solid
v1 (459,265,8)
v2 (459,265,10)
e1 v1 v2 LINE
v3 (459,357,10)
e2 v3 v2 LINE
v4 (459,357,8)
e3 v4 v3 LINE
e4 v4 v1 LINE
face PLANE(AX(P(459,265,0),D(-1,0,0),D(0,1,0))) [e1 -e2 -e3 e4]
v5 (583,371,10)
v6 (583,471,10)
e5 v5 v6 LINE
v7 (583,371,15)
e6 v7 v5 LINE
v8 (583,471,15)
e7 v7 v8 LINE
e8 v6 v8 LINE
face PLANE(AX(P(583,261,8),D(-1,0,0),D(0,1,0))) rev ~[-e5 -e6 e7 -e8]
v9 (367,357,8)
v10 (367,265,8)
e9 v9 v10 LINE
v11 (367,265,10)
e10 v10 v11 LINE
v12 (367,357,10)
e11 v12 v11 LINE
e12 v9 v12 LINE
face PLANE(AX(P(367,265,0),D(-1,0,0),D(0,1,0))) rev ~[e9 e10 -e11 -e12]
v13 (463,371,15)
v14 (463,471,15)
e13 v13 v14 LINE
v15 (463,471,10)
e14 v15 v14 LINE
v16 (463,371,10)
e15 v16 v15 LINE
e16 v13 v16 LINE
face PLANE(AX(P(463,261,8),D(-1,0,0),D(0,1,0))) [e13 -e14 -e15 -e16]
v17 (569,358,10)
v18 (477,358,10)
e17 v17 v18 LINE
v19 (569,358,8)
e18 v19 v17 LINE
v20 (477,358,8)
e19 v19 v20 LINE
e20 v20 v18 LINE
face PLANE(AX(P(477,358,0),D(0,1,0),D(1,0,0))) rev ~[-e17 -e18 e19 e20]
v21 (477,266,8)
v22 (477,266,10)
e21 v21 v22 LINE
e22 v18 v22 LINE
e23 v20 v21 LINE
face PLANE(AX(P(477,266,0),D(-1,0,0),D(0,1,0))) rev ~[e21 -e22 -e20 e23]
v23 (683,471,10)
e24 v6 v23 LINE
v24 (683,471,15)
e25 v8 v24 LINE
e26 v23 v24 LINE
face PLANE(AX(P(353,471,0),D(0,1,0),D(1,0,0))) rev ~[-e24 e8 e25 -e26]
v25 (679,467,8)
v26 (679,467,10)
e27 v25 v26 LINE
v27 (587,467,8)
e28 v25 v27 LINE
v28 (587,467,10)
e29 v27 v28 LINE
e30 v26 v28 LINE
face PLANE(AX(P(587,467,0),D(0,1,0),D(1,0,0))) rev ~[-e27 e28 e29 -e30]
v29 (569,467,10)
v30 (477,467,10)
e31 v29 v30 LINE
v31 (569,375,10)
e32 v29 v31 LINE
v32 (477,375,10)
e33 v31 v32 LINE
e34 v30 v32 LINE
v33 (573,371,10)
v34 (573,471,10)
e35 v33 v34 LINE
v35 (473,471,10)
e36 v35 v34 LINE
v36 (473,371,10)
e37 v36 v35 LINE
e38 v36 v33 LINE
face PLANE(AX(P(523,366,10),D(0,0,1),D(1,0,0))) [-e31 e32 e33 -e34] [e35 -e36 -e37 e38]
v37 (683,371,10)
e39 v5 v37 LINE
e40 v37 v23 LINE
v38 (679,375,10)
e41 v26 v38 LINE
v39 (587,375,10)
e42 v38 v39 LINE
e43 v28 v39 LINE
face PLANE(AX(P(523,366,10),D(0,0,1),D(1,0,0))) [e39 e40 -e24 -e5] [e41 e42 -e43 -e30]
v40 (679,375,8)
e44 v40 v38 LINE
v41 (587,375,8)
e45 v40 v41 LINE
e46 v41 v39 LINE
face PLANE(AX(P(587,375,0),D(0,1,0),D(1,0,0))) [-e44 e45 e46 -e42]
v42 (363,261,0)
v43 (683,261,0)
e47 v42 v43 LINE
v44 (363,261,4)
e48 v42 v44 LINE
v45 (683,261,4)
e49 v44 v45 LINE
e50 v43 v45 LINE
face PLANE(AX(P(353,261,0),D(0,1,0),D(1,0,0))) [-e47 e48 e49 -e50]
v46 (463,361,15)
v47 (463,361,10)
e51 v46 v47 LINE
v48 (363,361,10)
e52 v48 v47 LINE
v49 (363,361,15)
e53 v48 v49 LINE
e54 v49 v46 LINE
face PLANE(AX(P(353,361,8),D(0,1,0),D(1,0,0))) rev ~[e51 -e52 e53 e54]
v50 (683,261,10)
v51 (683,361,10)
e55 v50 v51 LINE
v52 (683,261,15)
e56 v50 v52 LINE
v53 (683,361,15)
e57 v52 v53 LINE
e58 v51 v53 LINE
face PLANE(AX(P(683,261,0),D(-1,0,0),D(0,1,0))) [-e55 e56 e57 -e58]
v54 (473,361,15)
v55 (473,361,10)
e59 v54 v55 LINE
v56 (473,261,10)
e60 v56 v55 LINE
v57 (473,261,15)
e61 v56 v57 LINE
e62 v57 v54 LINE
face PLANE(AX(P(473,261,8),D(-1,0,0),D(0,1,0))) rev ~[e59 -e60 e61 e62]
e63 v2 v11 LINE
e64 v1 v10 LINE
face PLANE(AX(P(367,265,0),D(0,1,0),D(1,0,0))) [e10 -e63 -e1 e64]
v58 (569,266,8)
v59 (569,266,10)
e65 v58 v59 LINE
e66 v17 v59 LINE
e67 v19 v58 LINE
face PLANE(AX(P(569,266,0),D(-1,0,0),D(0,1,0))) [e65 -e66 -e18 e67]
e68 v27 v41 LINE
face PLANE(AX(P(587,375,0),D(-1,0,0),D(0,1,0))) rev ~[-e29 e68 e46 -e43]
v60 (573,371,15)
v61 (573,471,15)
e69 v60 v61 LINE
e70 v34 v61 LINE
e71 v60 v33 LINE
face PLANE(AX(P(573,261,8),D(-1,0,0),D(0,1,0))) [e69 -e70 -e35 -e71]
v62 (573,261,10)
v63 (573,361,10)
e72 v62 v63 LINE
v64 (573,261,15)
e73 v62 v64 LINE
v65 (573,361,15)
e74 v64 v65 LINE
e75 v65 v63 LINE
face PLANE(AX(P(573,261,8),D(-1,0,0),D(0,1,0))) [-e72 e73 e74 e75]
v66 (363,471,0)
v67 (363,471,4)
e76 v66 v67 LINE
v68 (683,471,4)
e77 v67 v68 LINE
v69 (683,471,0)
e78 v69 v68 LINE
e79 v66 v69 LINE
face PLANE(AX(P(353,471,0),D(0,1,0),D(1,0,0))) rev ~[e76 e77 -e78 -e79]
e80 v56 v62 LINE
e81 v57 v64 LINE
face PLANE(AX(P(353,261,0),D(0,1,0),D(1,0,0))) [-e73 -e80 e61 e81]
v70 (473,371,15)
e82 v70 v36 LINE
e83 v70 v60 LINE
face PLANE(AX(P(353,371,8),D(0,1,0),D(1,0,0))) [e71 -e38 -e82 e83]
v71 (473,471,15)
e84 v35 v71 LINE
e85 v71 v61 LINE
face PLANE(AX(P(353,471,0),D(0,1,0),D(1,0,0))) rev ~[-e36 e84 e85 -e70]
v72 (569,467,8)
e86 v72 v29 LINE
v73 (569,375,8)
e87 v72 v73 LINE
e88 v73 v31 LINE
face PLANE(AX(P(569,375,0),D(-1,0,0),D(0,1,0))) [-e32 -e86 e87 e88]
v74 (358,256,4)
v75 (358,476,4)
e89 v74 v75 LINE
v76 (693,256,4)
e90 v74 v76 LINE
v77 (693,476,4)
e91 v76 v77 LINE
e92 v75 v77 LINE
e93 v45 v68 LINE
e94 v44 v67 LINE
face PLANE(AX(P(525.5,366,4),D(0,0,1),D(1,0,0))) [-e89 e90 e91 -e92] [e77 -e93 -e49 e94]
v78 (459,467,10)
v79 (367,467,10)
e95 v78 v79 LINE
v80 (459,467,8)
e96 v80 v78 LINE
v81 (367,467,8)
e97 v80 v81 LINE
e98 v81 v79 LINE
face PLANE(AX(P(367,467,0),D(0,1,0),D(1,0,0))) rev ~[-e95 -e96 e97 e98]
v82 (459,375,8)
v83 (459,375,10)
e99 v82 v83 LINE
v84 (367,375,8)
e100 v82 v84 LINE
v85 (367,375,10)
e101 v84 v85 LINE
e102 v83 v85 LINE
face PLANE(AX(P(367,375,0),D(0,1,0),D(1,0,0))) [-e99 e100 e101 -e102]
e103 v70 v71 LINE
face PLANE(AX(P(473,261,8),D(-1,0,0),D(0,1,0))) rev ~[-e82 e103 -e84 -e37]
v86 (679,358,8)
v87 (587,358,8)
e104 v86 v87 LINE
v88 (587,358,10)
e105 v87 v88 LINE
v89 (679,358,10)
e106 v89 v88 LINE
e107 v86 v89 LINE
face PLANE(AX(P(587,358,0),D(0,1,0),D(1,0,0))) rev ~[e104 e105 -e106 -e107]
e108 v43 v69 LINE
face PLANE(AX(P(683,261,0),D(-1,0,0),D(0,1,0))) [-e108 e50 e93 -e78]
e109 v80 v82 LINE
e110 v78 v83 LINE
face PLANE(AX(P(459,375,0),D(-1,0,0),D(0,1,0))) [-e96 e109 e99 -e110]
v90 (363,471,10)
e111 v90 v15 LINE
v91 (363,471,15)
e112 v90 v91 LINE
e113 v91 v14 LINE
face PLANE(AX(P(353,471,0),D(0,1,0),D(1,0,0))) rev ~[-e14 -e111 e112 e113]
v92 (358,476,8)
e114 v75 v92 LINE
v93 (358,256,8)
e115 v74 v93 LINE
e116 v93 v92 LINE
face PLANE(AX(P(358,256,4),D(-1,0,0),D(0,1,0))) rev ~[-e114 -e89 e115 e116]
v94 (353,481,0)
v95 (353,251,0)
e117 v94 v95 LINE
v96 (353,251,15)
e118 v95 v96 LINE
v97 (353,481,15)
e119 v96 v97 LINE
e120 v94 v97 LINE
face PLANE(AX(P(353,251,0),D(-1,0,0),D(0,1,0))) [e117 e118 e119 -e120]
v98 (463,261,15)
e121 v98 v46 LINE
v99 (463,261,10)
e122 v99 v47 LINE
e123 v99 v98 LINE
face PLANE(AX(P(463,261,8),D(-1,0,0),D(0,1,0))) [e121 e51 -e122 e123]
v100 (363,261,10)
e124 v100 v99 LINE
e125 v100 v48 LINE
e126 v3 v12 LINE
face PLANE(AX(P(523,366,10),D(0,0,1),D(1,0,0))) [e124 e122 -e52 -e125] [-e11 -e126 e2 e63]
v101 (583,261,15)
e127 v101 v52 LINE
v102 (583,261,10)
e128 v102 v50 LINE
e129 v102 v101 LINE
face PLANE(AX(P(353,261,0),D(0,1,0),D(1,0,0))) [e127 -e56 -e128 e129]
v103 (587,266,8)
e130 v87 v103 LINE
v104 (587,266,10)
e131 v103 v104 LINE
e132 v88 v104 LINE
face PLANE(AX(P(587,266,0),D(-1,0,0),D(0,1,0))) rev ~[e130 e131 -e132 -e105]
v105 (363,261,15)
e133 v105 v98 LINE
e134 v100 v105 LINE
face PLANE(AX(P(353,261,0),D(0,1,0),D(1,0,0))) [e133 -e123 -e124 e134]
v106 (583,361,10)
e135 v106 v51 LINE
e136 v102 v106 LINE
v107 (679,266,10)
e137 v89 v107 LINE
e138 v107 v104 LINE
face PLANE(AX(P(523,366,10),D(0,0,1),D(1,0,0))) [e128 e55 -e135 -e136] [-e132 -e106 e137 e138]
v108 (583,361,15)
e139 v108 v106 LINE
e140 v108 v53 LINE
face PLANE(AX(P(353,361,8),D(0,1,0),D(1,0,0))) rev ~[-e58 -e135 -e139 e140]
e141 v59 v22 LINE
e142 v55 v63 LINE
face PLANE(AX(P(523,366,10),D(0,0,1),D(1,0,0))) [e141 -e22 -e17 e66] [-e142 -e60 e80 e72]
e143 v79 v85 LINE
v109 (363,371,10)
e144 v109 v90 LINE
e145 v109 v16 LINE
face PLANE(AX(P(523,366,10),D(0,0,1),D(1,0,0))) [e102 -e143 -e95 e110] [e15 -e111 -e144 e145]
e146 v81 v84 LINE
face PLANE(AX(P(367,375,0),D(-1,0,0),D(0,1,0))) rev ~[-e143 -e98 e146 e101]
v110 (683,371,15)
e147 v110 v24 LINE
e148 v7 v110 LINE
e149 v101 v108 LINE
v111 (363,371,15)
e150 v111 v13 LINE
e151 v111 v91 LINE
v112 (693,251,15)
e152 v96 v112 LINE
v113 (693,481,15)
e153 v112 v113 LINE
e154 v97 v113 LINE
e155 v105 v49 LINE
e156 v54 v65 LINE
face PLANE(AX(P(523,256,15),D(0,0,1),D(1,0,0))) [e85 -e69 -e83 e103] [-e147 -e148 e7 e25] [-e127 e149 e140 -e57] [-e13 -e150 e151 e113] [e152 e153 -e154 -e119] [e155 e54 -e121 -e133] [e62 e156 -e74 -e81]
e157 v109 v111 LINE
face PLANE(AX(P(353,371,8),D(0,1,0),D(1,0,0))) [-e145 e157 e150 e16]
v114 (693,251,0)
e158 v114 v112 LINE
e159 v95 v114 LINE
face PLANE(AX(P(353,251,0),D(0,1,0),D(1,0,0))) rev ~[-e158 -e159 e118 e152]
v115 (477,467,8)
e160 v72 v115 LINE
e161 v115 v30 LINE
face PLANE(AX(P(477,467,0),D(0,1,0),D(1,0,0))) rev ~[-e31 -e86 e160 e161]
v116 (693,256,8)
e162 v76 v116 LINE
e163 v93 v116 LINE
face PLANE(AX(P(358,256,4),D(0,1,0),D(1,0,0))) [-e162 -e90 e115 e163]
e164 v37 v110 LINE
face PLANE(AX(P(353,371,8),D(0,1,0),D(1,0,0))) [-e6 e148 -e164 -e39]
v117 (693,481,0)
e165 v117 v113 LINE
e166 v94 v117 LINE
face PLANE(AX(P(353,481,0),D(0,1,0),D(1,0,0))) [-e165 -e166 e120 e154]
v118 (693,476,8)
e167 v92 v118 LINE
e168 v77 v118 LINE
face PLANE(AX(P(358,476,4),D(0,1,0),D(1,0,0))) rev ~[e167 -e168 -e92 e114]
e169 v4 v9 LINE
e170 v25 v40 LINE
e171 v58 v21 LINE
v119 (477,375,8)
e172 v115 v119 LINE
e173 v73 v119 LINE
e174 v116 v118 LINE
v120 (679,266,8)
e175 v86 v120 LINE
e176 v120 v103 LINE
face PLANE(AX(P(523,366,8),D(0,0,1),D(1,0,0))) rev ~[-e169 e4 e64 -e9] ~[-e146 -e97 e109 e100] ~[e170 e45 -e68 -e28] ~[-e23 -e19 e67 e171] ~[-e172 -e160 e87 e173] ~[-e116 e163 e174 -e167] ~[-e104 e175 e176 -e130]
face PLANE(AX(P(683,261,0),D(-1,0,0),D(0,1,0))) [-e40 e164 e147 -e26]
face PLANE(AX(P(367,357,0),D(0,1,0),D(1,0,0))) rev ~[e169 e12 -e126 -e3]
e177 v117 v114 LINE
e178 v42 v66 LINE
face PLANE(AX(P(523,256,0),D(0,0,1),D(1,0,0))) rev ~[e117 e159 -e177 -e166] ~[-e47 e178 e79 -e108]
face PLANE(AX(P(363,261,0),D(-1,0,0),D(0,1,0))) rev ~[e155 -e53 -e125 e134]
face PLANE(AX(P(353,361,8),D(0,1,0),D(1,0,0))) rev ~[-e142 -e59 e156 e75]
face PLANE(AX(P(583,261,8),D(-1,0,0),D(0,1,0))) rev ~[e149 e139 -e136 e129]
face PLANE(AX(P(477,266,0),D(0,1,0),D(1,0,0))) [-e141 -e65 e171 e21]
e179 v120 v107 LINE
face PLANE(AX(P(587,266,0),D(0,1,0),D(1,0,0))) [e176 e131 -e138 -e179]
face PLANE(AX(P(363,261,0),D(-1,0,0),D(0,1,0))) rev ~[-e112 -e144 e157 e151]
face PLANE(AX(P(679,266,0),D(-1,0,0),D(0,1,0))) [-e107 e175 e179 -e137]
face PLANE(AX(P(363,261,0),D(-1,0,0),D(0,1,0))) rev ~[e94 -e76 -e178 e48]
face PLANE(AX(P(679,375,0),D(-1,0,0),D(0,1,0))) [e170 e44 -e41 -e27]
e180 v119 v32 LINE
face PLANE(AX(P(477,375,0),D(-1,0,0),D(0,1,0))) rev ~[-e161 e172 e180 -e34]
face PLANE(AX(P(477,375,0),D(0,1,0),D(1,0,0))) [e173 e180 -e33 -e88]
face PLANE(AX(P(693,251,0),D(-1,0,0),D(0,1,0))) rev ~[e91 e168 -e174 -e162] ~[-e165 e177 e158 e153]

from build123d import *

# Parameters (mm, degrees)
BOX038_W     = 92
BOX038_H     = 92
BOX038_DEPTH = 24
BOX034_W     = 92
BOX034_H     = 92
BOX034_DEPTH = 24
BOX036_W     = 92
BOX036_H     = 92
BOX036_DEPTH = 24
BOX037_W     = 92
BOX037_H     = 92
BOX037_DEPTH = 24
BOX035_W     = 92
BOX035_H     = 92
BOX035_DEPTH = 24
BOX032_W     = 92
BOX032_H     = 92
BOX032_DEPTH = 24
BOX030_W     = 320
BOX030_H     = 210
BOX030_DEPTH = 2
BOX039_W     = 335
BOX039_H     = 220
BOX039_DEPTH = 4
BOX031_W     = 10
BOX031_H     = 210
BOX031_DEPTH = 7
BOX028_W     = 340
BOX028_H     = 10
BOX028_DEPTH = 7
BOX027_W     = 10
BOX027_H     = 210
BOX027_DEPTH = 15
BOX033_W     = 10
BOX033_H     = 210
BOX033_DEPTH = 15
BOX026_W     = 340
BOX026_H     = 10
BOX026_DEPTH = 15
BOX025_W     = 340
BOX025_H     = 10
BOX025_DEPTH = 15
BOX029_W     = 10
BOX029_H     = 210
BOX029_DEPTH = 7


with BuildPart() as cajita022:
    # Box038 → Box038 (new body)
    with BuildSketch(Plane(origin=(14, 124, 0), x_dir=(1, 0, 0), z_dir=(0, 0, 1))):
        with Locations((46, 46)):
            Rectangle(BOX038_W, BOX038_H)
    extrude(amount=BOX038_DEPTH)


with BuildPart() as cajita018:
    # Box034 → Box034 (new body)
    with BuildSketch(Plane(origin=(124, 124, 0), x_dir=(1, 0, 0), z_dir=(0, 0, 1))):
        with Locations((46, 46)):
            Rectangle(BOX034_W, BOX034_H)
    extrude(amount=BOX034_DEPTH)


with BuildPart() as cajita020:
    # Box036 → Box036 (new body)
    with BuildSketch(Plane(origin=(234, 124, 0), x_dir=(1, 0, 0), z_dir=(0, 0, 1))):
        with Locations((46, 46)):
            Rectangle(BOX036_W, BOX036_H)
    extrude(amount=BOX036_DEPTH)


with BuildPart() as cajita021:
    # Box037 → Box037 (new body)
    with BuildSketch(Plane(origin=(234, 15, 0), x_dir=(1, 0, 0), z_dir=(0, 0, 1))):
        with Locations((46, 46)):
            Rectangle(BOX037_W, BOX037_H)
    extrude(amount=BOX037_DEPTH)


with BuildPart() as cajita019:
    # Box035 → Box035 (new body)
    with BuildSketch(Plane(origin=(124, 15, 0), x_dir=(1, 0, 0), z_dir=(0, 0, 1))):
        with Locations((46, 46)):
            Rectangle(BOX035_W, BOX035_H)
    extrude(amount=BOX035_DEPTH)


with BuildPart() as cajita017:
    # Box032 → Box032 (new body)
    with BuildSketch(Plane(origin=(14, 14, 0), x_dir=(1, 0, 0), z_dir=(0, 0, 1))):
        with Locations((46, 46)):
            Rectangle(BOX032_W, BOX032_H)
    extrude(amount=BOX032_DEPTH)


with BuildPart() as cajita016:
    # Box030 → Box030 (new body)
    with BuildSketch(Plane(origin=(10, 10, 8), x_dir=(1, 0, 0), z_dir=(0, 0, 1))):
        with Locations((160, 105)):
            Rectangle(BOX030_W, BOX030_H)
    extrude(amount=BOX030_DEPTH)


with BuildPart() as cajita023:
    # Box039 → Box039 (new body)
    with BuildSketch(Plane(origin=(5, 5, 4), x_dir=(1, 0, 0), z_dir=(0, 0, 1))):
        with Locations((167.5, 110)):
            Rectangle(BOX039_W, BOX039_H)
    extrude(amount=BOX039_DEPTH)


with BuildPart() as ancho006:
    # Box031 → Box031 (new body)
    with BuildSketch(Plane(origin=(220, 10, 8), x_dir=(1, 0, 0), z_dir=(0, 0, 1))):
        with Locations((5, 105)):
            Rectangle(BOX031_W, BOX031_H)
    extrude(amount=BOX031_DEPTH)


with BuildPart() as base007:
    # Box028 → Box028 (new body)
    with BuildSketch(Plane(origin=(0, 110, 8), x_dir=(1, 0, 0), z_dir=(0, 0, 1))):
        with Locations((170, 5)):
            Rectangle(BOX028_W, BOX028_H)
    extrude(amount=BOX028_DEPTH)


with BuildPart() as ancho004:
    # Box027 → Box027 (new body)
    with BuildSketch(Plane(origin=(330, 10, 0), x_dir=(1, 0, 0), z_dir=(0, 0, 1))):
        with Locations((5, 105)):
            Rectangle(BOX027_W, BOX027_H)
    extrude(amount=BOX027_DEPTH)


with BuildPart() as ancho007:
    # Box033 → Box033 (new body)
    with BuildSketch(Plane(origin=(0, 10, 0), x_dir=(1, 0, 0), z_dir=(0, 0, 1))):
        with Locations((5, 105)):
            Rectangle(BOX033_W, BOX033_H)
    extrude(amount=BOX033_DEPTH)


with BuildPart() as base006:
    # Box026 → Box026 (new body)
    with BuildSketch(Plane(origin=(0, 220, 0), x_dir=(1, 0, 0), z_dir=(0, 0, 1))):
        with Locations((170, 5)):
            Rectangle(BOX026_W, BOX026_H)
    extrude(amount=BOX026_DEPTH)


with BuildPart() as base005:
    # Box025 → Box025 (new body)
    with BuildSketch(Plane.XY):
        with Locations((170, 5)):
            Rectangle(BOX025_W, BOX025_H)
    extrude(amount=BOX025_DEPTH)


with BuildPart() as baseoriginal:
    # Box029 → Box029 (new body)
    with BuildSketch(Plane(origin=(110, 10, 8), x_dir=(1, 0, 0), z_dir=(0, 0, 1))):
        with Locations((5, 105)):
            Rectangle(BOX029_W, BOX029_H)
    extrude(amount=BOX029_DEPTH)

    # Fusion003: union ancho006, base007, ancho004, ancho007, base006, base005
    add(ancho006.part)
    add(base007.part)
    add(ancho004.part)
    add(ancho007.part)
    add(base006.part)
    add(base005.part)

    # Cut012: cut cajita023
    add(cajita023.part, mode=Mode.SUBTRACT)

    # Fusion002: union cajita016
    add(cajita016.part)

    # Cut008: cut cajita017
    add(cajita017.part, mode=Mode.SUBTRACT)

    # Cut009: cut cajita019
    add(cajita019.part, mode=Mode.SUBTRACT)

    # Cut014: cut cajita021
    add(cajita021.part, mode=Mode.SUBTRACT)

    # Cut010: cut cajita020
    add(cajita020.part, mode=Mode.SUBTRACT)

    # Cut011: cut cajita018
    add(cajita018.part, mode=Mode.SUBTRACT)

    # Cut013: cut cajita022
    add(cajita022.part, mode=Mode.SUBTRACT)


with BuildPart() as baseoriginal_1:
    # Cut013 placement: moved
    add(baseoriginal.part.moved(Location((353, 251, 0))))


solid = baseoriginal_1.part
